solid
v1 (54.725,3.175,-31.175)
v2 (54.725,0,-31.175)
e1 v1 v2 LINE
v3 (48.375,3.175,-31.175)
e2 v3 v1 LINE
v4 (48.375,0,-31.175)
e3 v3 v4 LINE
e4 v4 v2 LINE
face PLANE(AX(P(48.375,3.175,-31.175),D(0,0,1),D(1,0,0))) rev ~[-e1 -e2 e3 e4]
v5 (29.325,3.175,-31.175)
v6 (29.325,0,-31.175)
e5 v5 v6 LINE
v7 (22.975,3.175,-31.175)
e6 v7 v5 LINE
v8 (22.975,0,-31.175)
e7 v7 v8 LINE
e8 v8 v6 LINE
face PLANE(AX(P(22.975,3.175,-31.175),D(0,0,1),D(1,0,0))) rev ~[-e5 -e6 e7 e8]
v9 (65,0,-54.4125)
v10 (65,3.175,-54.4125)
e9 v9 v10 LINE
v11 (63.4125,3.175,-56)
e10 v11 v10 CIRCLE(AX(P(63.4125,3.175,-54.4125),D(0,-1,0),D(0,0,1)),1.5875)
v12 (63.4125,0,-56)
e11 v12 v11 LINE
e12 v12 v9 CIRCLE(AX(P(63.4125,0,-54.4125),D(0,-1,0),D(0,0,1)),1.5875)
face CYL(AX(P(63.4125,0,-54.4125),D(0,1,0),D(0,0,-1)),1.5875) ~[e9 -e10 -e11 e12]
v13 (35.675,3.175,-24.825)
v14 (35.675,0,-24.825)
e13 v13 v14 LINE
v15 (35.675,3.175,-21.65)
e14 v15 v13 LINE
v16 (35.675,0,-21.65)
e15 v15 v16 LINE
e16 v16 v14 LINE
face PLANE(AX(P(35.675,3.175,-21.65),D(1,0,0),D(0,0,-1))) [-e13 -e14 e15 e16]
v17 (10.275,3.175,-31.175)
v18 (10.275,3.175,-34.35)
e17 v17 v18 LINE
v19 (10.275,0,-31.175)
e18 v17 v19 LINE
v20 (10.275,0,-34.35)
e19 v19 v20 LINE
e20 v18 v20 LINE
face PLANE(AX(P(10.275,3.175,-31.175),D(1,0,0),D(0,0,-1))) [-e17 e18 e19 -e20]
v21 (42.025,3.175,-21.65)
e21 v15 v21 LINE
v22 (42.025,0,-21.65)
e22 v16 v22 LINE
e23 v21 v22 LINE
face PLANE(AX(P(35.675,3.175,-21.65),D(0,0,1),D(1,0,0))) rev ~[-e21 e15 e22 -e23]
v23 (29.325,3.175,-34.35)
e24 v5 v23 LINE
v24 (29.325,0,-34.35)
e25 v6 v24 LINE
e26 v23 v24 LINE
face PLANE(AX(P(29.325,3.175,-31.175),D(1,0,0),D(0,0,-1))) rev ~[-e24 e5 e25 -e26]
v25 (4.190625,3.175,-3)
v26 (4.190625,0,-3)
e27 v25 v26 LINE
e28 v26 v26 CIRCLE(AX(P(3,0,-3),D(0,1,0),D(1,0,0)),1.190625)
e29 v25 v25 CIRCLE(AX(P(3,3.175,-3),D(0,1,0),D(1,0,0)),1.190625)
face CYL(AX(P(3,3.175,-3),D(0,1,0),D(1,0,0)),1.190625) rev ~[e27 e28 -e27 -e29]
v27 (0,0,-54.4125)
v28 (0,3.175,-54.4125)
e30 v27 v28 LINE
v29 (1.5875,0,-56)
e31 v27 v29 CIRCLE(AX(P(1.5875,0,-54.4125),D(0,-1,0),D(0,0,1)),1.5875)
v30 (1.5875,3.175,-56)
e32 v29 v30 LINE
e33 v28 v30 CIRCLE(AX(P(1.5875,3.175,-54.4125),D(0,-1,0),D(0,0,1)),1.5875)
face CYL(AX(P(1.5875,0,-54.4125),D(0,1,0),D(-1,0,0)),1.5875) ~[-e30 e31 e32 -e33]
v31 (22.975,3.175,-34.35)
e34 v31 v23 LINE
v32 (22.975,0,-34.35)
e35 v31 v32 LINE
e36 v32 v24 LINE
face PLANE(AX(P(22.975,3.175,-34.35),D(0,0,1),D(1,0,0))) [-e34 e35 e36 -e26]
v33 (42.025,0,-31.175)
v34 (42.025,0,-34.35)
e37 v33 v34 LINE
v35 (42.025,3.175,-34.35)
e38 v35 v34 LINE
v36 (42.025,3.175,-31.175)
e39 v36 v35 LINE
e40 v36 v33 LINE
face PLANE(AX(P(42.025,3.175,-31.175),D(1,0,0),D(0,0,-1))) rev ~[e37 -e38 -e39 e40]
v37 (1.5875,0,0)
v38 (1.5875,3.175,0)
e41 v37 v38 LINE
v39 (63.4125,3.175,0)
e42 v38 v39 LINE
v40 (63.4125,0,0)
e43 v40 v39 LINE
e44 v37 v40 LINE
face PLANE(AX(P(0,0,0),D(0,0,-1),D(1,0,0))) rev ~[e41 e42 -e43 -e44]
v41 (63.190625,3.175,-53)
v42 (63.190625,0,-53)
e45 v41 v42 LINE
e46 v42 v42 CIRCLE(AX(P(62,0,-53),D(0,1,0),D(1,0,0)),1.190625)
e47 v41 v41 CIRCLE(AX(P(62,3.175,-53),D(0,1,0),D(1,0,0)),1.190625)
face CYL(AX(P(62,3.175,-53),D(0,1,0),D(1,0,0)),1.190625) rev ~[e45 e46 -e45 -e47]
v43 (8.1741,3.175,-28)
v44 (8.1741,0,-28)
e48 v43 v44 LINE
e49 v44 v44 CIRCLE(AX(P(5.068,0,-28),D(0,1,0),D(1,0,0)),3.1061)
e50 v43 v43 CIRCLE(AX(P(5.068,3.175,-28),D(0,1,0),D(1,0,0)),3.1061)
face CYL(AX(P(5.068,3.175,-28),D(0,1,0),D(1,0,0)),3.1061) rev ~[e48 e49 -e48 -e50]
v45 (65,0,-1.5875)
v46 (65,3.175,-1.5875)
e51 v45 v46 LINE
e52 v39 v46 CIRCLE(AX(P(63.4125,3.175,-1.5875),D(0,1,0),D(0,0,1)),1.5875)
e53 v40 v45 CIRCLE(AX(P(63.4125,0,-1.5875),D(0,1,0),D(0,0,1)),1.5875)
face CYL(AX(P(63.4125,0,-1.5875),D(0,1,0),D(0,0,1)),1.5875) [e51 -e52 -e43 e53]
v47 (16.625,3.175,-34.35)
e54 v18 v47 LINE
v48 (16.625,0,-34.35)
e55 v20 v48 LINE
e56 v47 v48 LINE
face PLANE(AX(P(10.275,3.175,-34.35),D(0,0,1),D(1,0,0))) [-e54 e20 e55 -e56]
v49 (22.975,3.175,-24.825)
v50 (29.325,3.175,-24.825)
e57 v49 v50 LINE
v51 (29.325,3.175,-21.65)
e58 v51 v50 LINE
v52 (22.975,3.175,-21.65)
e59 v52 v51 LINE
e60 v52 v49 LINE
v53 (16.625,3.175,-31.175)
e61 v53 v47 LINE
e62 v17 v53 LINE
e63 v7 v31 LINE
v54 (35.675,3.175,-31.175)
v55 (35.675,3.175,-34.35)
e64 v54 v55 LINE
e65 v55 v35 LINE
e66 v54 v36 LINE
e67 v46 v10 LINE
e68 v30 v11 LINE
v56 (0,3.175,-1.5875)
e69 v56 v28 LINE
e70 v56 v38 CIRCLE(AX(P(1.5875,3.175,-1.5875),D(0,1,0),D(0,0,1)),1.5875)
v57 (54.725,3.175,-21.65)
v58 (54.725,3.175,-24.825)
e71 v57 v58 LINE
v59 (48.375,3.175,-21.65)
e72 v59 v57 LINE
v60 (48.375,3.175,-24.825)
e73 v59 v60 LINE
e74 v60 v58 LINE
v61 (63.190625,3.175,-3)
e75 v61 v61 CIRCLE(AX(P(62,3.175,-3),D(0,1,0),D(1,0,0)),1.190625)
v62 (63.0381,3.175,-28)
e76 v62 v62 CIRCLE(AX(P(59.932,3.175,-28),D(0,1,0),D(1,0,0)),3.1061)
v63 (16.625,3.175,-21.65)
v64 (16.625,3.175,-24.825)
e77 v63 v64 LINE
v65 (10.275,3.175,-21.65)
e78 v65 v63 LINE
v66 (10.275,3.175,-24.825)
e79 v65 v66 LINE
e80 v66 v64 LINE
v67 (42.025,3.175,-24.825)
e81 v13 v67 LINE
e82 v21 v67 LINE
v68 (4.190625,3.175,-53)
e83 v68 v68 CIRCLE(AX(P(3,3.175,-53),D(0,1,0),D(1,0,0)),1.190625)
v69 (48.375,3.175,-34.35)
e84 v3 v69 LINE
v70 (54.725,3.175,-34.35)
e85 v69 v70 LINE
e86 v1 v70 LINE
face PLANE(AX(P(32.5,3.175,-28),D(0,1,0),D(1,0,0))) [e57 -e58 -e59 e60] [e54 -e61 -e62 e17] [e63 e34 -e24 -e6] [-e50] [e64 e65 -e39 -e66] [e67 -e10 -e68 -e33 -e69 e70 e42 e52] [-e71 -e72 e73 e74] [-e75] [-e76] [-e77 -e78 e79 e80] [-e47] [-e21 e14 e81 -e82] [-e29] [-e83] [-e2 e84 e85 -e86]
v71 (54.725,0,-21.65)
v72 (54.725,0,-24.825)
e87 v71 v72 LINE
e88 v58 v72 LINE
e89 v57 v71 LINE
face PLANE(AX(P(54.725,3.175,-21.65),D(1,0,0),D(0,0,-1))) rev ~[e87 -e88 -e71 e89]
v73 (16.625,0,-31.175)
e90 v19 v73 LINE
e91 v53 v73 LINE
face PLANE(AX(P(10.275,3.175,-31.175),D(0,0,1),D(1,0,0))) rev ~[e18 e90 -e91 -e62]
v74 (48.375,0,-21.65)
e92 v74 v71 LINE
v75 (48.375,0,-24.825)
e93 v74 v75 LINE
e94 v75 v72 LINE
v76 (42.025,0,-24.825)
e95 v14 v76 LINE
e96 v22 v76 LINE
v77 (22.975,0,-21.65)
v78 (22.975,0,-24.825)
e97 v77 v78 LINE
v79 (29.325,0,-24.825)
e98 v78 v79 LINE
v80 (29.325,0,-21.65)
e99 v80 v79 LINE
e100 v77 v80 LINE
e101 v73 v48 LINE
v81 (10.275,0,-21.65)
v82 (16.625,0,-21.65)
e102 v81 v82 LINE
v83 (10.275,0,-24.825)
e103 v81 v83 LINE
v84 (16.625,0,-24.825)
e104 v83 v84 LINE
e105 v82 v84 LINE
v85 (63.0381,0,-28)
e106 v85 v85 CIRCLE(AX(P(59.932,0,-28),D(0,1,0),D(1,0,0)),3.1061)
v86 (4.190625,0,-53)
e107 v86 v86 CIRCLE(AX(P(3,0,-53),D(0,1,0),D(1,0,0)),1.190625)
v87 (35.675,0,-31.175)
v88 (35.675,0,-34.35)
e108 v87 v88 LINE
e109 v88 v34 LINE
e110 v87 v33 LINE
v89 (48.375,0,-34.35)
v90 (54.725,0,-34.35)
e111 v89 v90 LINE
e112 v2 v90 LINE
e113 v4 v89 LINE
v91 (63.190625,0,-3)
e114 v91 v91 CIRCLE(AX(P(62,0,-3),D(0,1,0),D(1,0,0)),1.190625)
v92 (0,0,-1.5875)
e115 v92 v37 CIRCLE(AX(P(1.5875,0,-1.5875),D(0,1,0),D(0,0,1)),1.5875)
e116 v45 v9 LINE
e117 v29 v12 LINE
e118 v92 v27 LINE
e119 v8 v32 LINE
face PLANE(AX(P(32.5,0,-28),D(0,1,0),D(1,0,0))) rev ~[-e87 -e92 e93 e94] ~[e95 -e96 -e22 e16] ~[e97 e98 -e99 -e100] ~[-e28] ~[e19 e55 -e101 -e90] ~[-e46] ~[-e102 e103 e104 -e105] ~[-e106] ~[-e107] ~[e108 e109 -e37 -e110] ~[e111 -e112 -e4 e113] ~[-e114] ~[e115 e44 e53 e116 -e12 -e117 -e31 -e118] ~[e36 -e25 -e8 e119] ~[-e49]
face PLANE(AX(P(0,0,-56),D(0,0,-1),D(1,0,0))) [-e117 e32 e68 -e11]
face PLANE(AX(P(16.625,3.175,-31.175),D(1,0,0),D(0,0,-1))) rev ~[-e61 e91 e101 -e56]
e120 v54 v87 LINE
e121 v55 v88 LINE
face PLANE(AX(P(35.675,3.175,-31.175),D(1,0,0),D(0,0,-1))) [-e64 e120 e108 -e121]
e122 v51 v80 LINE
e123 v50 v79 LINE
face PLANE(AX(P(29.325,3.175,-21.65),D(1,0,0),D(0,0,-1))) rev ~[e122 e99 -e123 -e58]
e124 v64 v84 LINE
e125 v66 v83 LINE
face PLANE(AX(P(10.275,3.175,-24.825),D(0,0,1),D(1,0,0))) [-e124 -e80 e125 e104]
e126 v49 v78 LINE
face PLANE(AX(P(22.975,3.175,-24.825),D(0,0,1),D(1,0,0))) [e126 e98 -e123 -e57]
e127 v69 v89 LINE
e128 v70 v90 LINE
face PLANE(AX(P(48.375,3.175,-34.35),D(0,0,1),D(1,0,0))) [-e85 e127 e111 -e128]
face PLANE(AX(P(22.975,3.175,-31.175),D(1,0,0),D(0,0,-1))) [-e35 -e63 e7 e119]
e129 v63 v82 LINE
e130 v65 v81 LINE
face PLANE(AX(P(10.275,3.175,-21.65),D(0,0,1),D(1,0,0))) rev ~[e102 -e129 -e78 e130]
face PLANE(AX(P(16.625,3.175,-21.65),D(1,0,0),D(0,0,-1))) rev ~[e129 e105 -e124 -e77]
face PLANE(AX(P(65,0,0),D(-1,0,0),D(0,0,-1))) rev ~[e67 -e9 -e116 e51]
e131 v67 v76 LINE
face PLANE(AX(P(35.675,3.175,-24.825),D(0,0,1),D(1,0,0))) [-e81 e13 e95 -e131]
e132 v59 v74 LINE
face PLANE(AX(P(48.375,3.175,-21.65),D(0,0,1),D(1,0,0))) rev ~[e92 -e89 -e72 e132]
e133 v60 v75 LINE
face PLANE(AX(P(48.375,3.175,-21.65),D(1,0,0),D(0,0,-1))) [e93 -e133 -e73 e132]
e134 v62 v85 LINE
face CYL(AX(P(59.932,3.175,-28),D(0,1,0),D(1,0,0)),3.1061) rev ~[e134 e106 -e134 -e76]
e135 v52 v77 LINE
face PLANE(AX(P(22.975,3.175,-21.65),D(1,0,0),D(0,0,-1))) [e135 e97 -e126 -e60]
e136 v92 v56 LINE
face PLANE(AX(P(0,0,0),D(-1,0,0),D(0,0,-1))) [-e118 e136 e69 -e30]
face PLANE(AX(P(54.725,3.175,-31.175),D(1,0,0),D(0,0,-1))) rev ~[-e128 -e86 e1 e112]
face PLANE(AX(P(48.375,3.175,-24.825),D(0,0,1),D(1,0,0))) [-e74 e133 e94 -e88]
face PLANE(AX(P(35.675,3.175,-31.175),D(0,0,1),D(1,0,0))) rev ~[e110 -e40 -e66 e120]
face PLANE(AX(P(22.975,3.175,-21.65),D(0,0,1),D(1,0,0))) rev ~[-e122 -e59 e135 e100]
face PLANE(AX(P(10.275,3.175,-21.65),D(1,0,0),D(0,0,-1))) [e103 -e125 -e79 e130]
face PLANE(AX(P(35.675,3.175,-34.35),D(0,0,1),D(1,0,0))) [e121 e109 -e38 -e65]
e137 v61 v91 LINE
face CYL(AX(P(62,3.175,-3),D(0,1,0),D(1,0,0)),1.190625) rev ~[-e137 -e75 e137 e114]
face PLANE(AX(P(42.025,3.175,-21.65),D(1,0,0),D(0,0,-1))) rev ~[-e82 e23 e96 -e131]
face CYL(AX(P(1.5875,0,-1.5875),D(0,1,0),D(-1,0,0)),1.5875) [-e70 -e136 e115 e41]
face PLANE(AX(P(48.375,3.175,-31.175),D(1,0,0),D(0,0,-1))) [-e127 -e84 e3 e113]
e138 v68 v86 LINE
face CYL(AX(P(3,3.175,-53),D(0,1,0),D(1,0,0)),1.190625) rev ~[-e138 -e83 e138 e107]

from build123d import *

# Parameters (mm, degrees)
SKETCH1_W           = 65
SKETCH1_H           = 56
BOSS_EXTRUDE1_DEPTH = 3.175
SKETCH2_R           = 1.190625
SKETCH2_W           = 6.35
SKETCH2_H           = 3.175
CUT_EXTRUDE1_DEPTH  = 3.175
FILLET1_R           = 1.5875
SKETCH3_R           = 3.106099532
CUT_EXTRUDE2_DEPTH  = 3.175


with BuildPart() as part:
    # Sketch1 → Boss-Extrude1 (new body)
    with BuildSketch(Plane(origin=(0, 0, 0), x_dir=(1, 0, 0), z_dir=(0, 1, 0))):
        with Locations((32.5, 28)):
            Rectangle(SKETCH1_W, SKETCH1_H)
    extrude(amount=BOSS_EXTRUDE1_DEPTH)

    # Sketch2 → Cut-Extrude1 (cut)
    with BuildSketch(Plane(origin=(0, 3.175, 0), x_dir=(1, 0, 0), z_dir=(0, 1, 0))):
        with Locations((62, 53)):
            Circle(SKETCH2_R)
        with Locations((3, 53)):
            Circle(SKETCH2_R)
        with Locations((3, 3)):
            Circle(SKETCH2_R)
        with Locations((62, 3)):
            Circle(SKETCH2_R)
        with Locations((13.45, 32.7625)):
            Rectangle(SKETCH2_W, SKETCH2_H)
        with Locations((38.85, 32.7625)):
            Rectangle(SKETCH2_W, SKETCH2_H)
        with Locations((51.55, 32.7625)):
            Rectangle(SKETCH2_W, SKETCH2_H)
        with Locations((26.15, 32.7625)):
            Rectangle(SKETCH2_W, SKETCH2_H)
        with Locations((26.15, 23.2375)):
            Rectangle(SKETCH2_W, SKETCH2_H)
        with Locations((13.45, 23.2375)):
            Rectangle(SKETCH2_W, SKETCH2_H)
        with Locations((51.55, 23.2375)):
            Rectangle(SKETCH2_W, SKETCH2_H)
        with Locations((38.85, 23.2375)):
            Rectangle(SKETCH2_W, SKETCH2_H)
    extrude(amount=-CUT_EXTRUDE1_DEPTH, mode=Mode.SUBTRACT)

    # Fillet1
    fillet1_edges = [part.edges().sort_by_distance(p)[0] for p in [
        (0, 1.5875, -56),
        (65, 1.5875, -56),
        (65, 1.5875, 0),
        (0, 1.5875, 0),
    ]]
    fillet(fillet1_edges, radius=FILLET1_R)

    # Sketch3 → Cut-Extrude2 (cut)
    with BuildSketch(Plane(origin=(0, 3.175, 0), x_dir=(1, 0, 0), z_dir=(0, 1, 0))):
        with Locations((5.068, 28)):
            Circle(SKETCH3_R)
        with Locations((59.932, 28)):
            Circle(SKETCH3_R)
    extrude(amount=-CUT_EXTRUDE2_DEPTH, mode=Mode.SUBTRACT)


solid = part.part
